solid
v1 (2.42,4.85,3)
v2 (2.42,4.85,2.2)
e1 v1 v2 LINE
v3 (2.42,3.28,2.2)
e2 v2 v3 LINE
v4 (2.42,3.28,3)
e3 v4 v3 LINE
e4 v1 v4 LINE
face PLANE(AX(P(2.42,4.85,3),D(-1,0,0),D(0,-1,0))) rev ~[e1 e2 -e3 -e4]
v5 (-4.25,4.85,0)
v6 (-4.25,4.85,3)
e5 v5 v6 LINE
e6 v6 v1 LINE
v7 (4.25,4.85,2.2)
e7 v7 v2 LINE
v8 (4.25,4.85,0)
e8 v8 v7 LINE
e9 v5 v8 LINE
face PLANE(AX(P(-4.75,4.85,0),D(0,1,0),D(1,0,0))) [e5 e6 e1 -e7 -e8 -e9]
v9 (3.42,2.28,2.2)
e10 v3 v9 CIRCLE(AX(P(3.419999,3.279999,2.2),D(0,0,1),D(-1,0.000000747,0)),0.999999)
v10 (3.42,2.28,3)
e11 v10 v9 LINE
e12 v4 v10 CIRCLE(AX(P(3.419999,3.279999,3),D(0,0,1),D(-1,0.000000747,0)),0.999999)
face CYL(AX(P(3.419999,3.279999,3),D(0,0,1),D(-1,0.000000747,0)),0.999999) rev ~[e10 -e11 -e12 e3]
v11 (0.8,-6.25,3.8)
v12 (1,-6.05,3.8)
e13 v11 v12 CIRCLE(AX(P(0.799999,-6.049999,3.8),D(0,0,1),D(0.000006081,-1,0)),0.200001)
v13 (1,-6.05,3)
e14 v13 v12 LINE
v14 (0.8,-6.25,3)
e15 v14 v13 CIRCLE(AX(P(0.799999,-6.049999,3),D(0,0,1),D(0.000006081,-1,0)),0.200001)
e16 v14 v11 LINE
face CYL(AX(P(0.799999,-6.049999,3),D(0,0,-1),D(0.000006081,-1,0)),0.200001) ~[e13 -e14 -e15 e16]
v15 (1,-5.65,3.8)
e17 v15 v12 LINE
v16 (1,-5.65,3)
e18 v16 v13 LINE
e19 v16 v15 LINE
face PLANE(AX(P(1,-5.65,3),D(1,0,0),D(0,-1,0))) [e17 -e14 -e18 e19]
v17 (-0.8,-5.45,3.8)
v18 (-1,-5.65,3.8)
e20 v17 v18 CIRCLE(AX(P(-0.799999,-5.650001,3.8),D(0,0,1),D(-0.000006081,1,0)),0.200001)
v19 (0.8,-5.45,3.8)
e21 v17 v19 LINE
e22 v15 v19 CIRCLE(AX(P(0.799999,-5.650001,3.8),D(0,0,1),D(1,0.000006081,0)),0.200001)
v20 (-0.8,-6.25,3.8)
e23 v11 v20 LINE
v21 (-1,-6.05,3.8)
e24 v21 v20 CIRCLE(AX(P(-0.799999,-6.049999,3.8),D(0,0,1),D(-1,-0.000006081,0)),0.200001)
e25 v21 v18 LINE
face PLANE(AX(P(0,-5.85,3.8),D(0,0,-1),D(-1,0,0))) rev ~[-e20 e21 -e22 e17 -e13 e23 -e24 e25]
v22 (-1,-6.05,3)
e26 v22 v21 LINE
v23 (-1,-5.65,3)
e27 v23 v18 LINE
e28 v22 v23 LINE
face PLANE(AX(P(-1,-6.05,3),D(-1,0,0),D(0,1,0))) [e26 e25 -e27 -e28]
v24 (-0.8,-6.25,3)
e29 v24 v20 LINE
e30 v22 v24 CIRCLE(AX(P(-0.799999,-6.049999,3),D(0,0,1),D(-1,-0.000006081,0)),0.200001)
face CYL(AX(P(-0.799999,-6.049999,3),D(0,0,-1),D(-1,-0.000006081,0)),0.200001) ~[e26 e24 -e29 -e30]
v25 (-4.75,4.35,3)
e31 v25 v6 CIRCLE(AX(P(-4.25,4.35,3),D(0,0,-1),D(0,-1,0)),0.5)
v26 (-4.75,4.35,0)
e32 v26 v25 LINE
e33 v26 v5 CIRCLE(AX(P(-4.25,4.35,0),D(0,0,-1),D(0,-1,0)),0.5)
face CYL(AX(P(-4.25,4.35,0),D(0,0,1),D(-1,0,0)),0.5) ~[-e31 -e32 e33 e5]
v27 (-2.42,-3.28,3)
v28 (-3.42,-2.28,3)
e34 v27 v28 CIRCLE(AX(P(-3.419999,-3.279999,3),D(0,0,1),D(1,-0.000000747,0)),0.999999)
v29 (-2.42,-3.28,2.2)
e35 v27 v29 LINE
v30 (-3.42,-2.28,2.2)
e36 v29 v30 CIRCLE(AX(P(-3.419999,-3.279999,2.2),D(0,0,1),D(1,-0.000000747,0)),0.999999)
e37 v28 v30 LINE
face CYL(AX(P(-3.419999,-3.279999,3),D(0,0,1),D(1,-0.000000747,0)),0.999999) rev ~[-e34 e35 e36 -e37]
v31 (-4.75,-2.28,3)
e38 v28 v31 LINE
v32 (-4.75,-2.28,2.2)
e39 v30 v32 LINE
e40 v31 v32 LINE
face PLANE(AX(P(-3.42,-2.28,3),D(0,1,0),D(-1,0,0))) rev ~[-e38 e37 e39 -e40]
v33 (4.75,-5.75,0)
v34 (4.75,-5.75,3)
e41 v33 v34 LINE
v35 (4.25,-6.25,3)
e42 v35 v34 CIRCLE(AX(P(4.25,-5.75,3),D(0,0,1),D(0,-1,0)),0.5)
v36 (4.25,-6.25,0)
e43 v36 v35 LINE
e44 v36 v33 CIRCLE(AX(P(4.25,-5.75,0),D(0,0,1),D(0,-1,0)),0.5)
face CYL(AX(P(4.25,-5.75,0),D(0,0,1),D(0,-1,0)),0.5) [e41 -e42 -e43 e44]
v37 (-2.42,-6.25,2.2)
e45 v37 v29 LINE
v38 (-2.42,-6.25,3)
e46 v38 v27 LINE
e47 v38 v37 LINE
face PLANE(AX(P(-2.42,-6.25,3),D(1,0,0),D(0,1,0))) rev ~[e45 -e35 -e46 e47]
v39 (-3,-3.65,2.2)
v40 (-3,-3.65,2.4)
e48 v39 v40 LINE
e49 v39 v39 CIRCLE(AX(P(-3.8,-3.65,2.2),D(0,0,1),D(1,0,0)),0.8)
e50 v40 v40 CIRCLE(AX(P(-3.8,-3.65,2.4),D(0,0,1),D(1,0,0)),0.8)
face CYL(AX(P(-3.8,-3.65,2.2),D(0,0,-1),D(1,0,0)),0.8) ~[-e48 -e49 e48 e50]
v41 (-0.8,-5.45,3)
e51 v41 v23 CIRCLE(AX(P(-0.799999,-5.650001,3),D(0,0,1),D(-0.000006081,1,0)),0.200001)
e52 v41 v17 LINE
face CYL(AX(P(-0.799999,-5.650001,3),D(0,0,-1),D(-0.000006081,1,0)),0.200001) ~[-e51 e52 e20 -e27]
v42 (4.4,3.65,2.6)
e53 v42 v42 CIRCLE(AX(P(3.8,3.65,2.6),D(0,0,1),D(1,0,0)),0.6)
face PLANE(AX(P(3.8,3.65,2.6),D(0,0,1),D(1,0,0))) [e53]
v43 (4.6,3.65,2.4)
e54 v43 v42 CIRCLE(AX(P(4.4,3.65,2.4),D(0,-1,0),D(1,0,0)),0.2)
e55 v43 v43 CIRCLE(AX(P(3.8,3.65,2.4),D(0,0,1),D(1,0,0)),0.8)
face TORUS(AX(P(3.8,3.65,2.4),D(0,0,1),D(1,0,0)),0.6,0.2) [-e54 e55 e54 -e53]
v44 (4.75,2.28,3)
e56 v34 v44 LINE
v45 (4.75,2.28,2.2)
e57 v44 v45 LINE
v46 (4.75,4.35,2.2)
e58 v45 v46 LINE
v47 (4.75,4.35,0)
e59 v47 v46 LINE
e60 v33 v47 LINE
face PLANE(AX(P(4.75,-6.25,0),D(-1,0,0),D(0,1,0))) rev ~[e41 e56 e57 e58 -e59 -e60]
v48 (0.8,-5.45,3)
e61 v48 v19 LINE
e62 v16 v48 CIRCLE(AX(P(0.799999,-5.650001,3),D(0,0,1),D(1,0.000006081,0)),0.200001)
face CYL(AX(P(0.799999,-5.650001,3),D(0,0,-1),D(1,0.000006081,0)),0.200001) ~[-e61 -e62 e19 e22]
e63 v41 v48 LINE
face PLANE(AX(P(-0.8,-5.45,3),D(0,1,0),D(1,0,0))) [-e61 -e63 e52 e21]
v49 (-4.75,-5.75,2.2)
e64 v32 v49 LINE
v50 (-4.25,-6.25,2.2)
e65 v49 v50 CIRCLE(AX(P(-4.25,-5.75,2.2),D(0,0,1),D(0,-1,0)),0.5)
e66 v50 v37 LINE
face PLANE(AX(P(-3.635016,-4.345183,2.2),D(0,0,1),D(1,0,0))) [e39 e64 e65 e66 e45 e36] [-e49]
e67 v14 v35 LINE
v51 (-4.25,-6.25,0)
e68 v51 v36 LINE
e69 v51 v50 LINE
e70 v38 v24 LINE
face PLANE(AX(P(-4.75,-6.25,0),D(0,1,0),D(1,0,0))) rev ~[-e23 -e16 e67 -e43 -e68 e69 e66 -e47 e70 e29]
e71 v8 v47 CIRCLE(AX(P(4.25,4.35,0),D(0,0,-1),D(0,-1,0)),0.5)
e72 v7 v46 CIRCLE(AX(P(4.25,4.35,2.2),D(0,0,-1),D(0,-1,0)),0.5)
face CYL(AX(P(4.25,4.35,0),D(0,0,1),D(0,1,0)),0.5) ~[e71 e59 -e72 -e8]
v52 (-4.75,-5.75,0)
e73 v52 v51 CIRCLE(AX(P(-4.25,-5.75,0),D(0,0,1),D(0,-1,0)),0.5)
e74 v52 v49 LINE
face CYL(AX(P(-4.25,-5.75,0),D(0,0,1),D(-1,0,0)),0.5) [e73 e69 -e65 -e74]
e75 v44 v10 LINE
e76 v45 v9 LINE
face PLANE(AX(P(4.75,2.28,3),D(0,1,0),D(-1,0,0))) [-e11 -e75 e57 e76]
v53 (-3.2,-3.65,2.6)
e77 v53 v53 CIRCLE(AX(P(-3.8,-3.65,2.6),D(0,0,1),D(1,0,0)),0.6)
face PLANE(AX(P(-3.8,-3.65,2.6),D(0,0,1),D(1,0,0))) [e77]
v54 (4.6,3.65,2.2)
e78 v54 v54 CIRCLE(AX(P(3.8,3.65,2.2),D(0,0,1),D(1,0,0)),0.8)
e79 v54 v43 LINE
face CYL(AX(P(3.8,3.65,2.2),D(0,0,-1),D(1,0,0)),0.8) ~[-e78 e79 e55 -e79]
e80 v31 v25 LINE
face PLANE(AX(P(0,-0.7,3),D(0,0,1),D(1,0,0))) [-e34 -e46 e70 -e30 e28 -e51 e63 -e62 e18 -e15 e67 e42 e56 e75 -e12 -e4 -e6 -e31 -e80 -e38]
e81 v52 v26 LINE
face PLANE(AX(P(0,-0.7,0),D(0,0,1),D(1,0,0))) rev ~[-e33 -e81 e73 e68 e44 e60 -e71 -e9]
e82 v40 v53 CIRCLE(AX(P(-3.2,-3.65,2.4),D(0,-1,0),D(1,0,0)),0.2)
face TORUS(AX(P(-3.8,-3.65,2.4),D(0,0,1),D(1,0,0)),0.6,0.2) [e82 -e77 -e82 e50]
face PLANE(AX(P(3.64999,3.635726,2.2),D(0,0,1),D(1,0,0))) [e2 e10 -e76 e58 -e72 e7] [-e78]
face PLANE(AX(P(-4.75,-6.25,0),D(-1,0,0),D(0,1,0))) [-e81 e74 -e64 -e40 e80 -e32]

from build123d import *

# Parameters (mm, degrees)
SKETCH_W     = 9.5
SKETCH_H     = 11.1
PAD_DEPTH    = 3
POCKET_DEPTH = 0.8
SKETCH002_R  = 0.8
PAD001_DEPTH = 0.4
SKETCH003_R  = 0.8
PAD002_DEPTH = 0.4
FILLET_R     = 0.2
FILLET001_R  = 0.5
PAD003_DEPTH = 0.8


with BuildPart() as part:
    # Sketch → Pad (new body)
    with BuildSketch(Plane.XY):
        with Locations((0, -0.7)):
            Rectangle(SKETCH_W, SKETCH_H)
    extrude(amount=PAD_DEPTH)

    # Sketch001 (on Face6 of Pad) → Pocket (cut)
    with BuildSketch(Plane.XY.offset(3)):
        with BuildLine():
            Line((-3.42, -2.28), (-4.75, -2.28))
            Line((-4.75, -2.28), (-4.75, -6.25))
            Line((-4.75, -6.25), (-2.42, -6.25))
            Line((-2.42, -6.25), (-2.42, -3.28))
            ThreePointArc((-2.42, -3.28), (-2.712893, -2.572893), (-3.42, -2.28))
        make_face()
        with BuildLine():
            Line((4.75, 2.28), (4.75, 4.85))
            Line((4.75, 4.85), (2.42, 4.85))
            Line((2.42, 4.85), (2.42, 3.28))
            ThreePointArc((2.42, 3.28), (2.712893, 2.572893), (3.42, 2.28))
            Line((4.75, 2.28), (3.42, 2.28))
        make_face()
    extrude(amount=-POCKET_DEPTH, mode=Mode.SUBTRACT)

    # Sketch002 (on Face4 of Pocket) → Pad001 (join)
    with BuildSketch(Plane.XY.offset(2.2)):
        with Locations((-3.8, -3.65)):
            Circle(SKETCH002_R)
    extrude(amount=PAD001_DEPTH)

    # Sketch003 (on Face4 of Pad001) → Pad002 (join)
    with BuildSketch(Plane.XY.offset(2.2)):
        with Locations((3.8, 3.65)):
            Circle(SKETCH003_R)
    extrude(amount=PAD002_DEPTH)

    # Fillet
    fillet_edges = [part.edges().sort_by_distance(p)[0] for p in [
        (-4.6, -3.65, 2.6),
        (3, 3.65, 2.6),
    ]]
    fillet(fillet_edges, radius=FILLET_R)

    # Fillet001
    fillet001_edges = [part.edges().sort_by_distance(p)[0] for p in [
        (4.75, 4.85, 1.1),
        (-4.75, 4.85, 1.5),
        (-4.75, -6.25, 1.1),
        (4.75, -6.25, 1.5),
    ]]
    fillet(fillet001_edges, radius=FILLET001_R)

    # Sketch005 (on Face11 of Fillet001) → Pad003 (join)
    with BuildSketch(Plane.XY.offset(3)):
        with BuildLine():
            Line((-0.8, -5.45), (0.8, -5.45))
            ThreePointArc((1, -5.65), (0.941421, -5.508579), (0.8, -5.45))
            Line((1, -5.65), (1, -6.05))
            ThreePointArc((0.8, -6.25), (0.941421, -6.191421), (1, -6.05))
            Line((0.8, -6.25), (-0.8, -6.25))
            ThreePointArc((-1, -6.05), (-0.941421, -6.191421), (-0.8, -6.25))
            Line((-1, -6.05), (-1, -5.65))
            ThreePointArc((-0.8, -5.45), (-0.941421, -5.508579), (-1, -5.65))
        make_face()
    extrude(amount=PAD003_DEPTH)


solid = part.part
